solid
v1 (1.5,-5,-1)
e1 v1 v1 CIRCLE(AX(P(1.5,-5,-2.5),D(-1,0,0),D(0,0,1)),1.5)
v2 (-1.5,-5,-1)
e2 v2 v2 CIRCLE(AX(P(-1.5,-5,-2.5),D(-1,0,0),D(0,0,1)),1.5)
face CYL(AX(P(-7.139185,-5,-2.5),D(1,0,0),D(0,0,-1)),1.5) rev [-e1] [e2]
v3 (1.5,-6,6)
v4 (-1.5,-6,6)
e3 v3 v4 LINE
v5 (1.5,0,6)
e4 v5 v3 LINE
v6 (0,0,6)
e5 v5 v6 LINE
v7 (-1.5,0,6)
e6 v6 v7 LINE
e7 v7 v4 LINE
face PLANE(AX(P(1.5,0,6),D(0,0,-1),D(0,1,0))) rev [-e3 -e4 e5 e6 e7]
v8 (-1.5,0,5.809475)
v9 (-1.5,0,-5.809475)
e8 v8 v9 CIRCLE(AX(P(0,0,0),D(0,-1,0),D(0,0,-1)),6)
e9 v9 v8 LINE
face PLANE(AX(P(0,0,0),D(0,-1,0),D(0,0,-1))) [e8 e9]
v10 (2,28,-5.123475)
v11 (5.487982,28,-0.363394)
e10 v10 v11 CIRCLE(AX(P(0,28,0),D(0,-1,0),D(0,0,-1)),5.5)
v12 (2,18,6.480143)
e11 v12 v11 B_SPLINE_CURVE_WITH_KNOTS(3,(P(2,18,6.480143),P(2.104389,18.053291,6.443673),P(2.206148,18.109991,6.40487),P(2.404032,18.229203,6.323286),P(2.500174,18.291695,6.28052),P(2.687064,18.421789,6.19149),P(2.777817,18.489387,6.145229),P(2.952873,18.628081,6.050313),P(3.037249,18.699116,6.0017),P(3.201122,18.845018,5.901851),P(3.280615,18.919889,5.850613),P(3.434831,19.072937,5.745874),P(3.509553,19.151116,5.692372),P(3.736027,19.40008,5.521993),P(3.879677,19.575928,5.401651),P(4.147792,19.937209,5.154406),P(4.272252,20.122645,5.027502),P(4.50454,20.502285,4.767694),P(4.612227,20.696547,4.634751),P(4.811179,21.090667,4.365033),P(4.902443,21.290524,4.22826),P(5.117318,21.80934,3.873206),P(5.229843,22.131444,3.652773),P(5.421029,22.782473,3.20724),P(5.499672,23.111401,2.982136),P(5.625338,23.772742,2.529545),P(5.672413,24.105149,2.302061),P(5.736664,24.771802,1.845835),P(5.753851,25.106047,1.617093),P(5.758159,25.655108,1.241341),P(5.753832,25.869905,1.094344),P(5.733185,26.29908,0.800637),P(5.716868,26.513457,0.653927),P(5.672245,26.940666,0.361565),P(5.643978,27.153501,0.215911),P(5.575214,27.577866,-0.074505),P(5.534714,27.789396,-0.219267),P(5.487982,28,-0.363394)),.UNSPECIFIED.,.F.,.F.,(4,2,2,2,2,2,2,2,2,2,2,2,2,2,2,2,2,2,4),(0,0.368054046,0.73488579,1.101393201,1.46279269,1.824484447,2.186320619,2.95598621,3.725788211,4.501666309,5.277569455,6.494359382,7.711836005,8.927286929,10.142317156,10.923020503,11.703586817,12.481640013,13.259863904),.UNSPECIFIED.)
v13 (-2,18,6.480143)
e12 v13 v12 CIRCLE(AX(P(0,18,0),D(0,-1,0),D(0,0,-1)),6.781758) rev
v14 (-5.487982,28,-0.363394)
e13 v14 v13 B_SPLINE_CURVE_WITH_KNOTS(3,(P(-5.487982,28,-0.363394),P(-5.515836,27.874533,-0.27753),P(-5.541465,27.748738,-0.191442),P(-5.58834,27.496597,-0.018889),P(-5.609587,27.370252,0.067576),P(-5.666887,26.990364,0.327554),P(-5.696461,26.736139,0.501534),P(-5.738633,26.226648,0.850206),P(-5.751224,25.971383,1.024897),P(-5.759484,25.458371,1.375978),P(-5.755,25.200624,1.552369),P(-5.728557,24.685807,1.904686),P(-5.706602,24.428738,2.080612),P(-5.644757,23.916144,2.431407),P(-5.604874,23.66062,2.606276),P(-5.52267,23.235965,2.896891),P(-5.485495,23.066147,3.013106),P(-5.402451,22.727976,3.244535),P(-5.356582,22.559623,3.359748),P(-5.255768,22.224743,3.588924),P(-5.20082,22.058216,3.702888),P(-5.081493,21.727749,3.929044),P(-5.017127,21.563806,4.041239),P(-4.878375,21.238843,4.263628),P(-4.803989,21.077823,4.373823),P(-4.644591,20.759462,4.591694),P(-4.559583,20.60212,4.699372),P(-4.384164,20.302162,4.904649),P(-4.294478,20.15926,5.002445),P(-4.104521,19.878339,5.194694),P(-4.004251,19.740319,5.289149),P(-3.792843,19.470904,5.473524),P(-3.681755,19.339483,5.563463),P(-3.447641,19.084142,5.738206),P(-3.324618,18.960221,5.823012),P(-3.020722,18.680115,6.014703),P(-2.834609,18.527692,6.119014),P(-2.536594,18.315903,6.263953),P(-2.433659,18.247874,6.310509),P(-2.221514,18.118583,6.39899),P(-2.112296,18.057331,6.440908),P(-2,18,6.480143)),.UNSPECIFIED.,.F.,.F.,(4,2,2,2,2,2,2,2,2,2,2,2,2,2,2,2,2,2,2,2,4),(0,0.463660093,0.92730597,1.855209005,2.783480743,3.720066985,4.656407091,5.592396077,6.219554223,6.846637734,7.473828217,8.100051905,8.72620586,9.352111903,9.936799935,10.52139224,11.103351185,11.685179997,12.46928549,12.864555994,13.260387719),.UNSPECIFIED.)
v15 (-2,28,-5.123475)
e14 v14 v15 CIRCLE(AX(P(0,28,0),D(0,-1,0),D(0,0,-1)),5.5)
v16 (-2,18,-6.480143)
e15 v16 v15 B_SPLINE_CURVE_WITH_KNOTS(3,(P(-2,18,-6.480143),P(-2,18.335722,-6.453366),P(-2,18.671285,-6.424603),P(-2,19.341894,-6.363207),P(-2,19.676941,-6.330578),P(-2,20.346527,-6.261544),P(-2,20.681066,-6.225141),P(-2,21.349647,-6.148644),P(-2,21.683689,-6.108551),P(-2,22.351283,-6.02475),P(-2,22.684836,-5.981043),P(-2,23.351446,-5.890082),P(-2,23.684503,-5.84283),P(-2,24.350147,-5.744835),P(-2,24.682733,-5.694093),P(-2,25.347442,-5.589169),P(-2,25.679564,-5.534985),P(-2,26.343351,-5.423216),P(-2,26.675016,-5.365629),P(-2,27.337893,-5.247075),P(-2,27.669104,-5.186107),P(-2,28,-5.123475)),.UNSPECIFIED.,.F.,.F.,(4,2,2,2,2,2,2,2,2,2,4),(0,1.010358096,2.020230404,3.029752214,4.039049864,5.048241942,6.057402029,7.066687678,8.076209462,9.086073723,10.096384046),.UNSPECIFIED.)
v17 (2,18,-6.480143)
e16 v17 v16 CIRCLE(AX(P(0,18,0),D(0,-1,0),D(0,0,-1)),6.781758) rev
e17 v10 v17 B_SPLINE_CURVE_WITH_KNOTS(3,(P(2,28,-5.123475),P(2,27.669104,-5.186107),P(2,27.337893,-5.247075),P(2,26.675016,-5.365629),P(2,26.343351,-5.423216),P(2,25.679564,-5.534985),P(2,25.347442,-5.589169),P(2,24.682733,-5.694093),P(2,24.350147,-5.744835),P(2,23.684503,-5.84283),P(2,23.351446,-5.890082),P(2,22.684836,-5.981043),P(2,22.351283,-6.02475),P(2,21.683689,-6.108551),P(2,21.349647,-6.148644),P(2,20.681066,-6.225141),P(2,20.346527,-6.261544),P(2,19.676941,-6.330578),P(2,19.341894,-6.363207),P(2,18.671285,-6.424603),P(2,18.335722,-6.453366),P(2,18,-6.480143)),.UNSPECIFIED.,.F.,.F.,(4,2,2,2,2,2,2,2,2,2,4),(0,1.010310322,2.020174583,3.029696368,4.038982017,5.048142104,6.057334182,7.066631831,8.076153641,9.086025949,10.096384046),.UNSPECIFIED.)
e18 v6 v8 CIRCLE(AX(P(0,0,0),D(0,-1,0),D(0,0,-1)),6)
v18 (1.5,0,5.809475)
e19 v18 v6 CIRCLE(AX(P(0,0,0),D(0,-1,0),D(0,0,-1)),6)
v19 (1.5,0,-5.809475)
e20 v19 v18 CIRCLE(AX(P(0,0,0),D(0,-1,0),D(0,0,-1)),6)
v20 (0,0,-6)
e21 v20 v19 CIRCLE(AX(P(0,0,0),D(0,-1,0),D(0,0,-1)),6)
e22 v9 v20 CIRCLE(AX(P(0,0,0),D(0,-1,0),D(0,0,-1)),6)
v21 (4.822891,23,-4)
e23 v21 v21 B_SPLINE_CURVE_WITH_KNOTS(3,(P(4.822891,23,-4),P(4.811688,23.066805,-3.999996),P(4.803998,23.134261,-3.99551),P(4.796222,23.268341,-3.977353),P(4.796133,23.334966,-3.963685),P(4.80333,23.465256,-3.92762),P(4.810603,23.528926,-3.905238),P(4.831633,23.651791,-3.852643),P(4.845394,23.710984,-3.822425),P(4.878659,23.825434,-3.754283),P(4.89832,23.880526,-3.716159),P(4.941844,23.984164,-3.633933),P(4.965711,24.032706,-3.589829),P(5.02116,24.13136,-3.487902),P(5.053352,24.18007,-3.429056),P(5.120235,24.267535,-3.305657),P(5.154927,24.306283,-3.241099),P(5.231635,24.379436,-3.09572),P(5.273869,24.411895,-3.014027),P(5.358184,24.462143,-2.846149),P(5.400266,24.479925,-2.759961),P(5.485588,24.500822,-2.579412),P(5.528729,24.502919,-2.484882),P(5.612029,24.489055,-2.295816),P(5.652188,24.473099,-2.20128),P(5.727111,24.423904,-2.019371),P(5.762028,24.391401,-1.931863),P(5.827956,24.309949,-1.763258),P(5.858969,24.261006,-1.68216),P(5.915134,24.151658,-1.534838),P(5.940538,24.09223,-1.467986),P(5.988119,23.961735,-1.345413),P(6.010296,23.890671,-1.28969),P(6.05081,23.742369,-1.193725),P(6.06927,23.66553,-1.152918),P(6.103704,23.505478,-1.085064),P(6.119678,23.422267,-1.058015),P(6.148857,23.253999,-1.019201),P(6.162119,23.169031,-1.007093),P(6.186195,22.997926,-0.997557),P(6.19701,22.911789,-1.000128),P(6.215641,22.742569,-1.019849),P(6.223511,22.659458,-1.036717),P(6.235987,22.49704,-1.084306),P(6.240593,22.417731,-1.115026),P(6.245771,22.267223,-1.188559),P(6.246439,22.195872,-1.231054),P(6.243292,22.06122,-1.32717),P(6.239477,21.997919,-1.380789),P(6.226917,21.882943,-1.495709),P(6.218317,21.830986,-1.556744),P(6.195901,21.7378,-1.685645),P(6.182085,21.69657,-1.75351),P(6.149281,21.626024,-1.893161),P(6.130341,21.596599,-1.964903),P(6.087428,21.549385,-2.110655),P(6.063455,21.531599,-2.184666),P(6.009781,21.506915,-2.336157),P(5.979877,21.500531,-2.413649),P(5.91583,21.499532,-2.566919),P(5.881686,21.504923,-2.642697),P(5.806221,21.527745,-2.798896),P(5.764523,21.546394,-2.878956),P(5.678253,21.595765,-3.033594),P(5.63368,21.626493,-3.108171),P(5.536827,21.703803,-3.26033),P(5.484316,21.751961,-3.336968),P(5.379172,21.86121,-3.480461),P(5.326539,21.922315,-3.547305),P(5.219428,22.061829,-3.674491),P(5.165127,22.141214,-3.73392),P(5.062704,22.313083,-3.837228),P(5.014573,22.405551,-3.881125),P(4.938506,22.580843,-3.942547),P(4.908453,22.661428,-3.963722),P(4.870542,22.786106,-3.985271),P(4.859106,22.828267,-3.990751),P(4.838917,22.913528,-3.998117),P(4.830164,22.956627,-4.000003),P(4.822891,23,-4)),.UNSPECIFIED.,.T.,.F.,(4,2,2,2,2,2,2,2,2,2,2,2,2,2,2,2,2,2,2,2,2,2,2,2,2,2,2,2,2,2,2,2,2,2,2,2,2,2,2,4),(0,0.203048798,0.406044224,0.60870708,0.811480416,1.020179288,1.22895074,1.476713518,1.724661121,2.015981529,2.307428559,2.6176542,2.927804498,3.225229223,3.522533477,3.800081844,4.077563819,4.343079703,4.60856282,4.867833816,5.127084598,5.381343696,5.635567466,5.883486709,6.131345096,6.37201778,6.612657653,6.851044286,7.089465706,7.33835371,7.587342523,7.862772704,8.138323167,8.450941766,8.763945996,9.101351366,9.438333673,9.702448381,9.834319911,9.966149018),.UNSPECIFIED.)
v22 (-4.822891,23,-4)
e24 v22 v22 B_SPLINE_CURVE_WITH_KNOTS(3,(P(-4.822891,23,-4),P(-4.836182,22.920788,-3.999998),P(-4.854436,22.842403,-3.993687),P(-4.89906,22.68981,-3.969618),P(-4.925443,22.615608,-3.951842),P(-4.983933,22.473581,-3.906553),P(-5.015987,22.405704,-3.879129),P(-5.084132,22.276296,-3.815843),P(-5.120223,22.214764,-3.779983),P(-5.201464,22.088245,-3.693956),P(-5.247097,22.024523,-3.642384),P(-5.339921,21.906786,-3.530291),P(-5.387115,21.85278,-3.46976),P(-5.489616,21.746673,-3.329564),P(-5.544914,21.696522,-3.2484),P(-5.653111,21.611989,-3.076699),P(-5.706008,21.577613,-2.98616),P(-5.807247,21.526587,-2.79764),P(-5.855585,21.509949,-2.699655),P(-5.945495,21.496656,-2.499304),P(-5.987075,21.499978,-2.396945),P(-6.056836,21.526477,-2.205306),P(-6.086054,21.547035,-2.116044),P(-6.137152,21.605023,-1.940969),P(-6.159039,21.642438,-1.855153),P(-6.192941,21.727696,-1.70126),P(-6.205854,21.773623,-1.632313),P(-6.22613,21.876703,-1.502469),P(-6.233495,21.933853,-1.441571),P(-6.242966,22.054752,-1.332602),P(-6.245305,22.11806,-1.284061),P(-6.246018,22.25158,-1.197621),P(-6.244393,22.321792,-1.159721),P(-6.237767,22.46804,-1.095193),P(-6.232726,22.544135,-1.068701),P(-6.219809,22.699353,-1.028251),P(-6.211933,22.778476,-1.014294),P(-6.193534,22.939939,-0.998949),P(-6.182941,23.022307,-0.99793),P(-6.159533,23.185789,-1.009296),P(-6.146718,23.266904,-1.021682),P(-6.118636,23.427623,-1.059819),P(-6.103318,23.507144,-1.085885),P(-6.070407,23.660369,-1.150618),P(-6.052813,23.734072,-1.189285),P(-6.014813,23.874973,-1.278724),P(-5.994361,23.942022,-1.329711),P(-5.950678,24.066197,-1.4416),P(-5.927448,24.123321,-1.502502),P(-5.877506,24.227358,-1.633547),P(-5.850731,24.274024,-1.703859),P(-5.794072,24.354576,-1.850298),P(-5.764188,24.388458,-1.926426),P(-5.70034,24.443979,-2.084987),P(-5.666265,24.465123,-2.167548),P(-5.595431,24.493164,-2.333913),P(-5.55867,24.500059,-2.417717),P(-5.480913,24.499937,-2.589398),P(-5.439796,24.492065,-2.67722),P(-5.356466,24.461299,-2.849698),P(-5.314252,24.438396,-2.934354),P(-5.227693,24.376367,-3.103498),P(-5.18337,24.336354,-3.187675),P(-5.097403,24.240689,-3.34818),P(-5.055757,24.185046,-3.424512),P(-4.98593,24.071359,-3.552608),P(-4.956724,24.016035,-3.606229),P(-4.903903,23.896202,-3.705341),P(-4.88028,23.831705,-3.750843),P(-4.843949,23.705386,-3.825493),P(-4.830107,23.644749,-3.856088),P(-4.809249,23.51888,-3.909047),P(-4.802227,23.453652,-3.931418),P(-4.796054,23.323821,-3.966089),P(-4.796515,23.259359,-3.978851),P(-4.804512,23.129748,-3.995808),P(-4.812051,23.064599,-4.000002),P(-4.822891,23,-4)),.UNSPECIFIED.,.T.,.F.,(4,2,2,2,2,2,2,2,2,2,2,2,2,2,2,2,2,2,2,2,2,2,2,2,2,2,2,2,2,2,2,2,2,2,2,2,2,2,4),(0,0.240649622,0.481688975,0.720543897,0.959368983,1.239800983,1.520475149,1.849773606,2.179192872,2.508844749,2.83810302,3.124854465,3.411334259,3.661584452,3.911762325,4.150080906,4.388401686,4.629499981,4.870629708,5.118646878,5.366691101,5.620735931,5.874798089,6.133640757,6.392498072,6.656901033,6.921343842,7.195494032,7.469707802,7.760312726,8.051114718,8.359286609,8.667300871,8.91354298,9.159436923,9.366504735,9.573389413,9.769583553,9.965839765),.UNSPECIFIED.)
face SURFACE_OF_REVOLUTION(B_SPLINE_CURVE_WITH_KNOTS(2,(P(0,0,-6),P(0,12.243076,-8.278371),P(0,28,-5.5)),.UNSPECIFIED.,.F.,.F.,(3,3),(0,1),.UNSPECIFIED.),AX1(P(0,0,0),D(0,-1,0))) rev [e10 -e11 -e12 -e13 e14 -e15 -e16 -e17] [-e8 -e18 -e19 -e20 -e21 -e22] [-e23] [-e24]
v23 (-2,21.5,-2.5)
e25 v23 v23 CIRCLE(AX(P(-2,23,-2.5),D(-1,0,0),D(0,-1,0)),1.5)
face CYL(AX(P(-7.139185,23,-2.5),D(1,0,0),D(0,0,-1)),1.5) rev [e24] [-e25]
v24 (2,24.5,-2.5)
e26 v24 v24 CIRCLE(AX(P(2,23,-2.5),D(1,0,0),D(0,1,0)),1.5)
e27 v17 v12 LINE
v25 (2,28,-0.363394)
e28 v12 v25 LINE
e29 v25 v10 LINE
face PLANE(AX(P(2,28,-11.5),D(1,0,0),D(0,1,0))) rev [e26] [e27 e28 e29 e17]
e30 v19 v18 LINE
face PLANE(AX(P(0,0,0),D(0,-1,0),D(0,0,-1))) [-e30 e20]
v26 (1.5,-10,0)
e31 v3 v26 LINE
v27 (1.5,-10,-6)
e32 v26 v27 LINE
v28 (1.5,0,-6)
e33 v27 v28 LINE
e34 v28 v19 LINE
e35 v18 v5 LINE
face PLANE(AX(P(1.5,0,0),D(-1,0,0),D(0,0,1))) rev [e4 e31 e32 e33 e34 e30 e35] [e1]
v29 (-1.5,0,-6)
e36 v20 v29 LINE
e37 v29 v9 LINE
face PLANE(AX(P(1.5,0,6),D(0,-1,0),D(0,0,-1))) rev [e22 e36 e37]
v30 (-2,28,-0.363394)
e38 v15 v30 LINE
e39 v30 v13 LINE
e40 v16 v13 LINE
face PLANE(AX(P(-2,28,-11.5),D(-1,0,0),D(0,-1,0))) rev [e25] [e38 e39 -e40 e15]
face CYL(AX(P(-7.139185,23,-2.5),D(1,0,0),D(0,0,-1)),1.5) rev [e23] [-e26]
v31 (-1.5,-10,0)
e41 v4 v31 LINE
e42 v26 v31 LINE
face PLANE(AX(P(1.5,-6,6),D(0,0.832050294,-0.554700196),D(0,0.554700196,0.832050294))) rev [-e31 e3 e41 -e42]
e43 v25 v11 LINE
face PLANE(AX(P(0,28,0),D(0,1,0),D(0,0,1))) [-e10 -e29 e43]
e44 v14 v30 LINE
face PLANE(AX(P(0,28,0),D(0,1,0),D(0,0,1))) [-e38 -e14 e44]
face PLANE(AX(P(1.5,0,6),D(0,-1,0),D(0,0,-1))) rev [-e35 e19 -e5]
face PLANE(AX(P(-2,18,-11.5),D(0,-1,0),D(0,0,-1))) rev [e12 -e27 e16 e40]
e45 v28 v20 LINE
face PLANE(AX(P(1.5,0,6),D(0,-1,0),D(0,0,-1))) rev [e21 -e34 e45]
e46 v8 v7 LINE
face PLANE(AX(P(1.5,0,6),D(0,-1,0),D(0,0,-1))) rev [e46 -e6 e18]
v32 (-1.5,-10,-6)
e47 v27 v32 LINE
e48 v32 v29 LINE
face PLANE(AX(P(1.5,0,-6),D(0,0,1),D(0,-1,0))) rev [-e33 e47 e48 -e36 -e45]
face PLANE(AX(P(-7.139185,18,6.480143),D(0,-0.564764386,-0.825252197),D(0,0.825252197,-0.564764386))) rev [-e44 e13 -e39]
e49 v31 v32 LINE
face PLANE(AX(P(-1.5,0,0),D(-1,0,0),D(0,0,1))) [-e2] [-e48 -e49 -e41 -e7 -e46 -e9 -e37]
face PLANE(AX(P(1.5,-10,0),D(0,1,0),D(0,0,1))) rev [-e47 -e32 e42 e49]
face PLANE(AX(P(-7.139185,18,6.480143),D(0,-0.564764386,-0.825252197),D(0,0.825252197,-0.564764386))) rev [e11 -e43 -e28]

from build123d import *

# Parameters (mm, degrees)
SKETCH3_W               = 4
SKETCH3_H               = 10
CUT_EXTRUDE2_DEPTH      = 11.5
CUT_EXTRUDE3_DEPTH      = 30.711019541
CUT_EXTRUDE3_DEPTH_BACK = 30.711019541
BOSS_EXTRUDE1_DEPTH     = 1.5
CUT_EXTRUDE4_DEPTH      = 30.711019541
CUT_EXTRUDE4_DEPTH_BACK = 30.711019541
SKETCH5_R               = 1.5


with BuildPart() as part:
    # Sketch1 → Revolve1 (revolve)
    with BuildSketch(Plane(origin=(0, 0, 0), x_dir=(0, 0, -1), z_dir=(1, 0, 0))):
        with BuildLine():
            Line((0, 0), (0, 28))
            Line((0, 28), (5.5, 28))
            add(Edge.make_bspline(
                [(5.5, 28), (8.278370843, 12.243075952), (6, 0)],
                knots=[0, 0, 0, 1, 1, 1], degree=2))
            Line((6, 0), (0, 0))
        make_face()
    revolve(axis=Axis((0, 0, 0), (0, 1, 0)))

    # Sketch3 → Cut-Extrude2 (cut, symmetric)
    with BuildSketch(Plane.XY):
        with Locations((0, 23)):
            Rectangle(SKETCH3_W, SKETCH3_H)
    extrude(amount=CUT_EXTRUDE2_DEPTH, both=True, mode=Mode.SUBTRACT)

    # Sketch4 → Cut-Extrude3 (cut, two sides: drawn at the far end of the back side and taken through both)
    with BuildSketch(Plane(origin=(0, 0, 0), x_dir=(0, 0, -1), z_dir=(1, 0, 0)).offset(-CUT_EXTRUDE3_DEPTH_BACK)):
        Polygon((-6.781758395, 28), (-6.480142509, 18), (0.363394388, 28), align=None)
    extrude(amount=CUT_EXTRUDE3_DEPTH + CUT_EXTRUDE3_DEPTH_BACK, mode=Mode.SUBTRACT)

    # Sketch6 → Boss-Extrude1 (add, symmetric)
    with BuildSketch(Plane(origin=(0, 0, 0), x_dir=(0, 0, -1), z_dir=(1, 0, 0))):
        Polygon((-6, 0), (-6, -6), (0, -10), (6, -10), (6, 0), align=None)
    extrude(amount=BOSS_EXTRUDE1_DEPTH, both=True)

    # Sketch5 → Cut-Extrude4 (cut, two sides: drawn at the far end of the back side and taken through both)
    with BuildSketch(Plane(origin=(0, 0, 0), x_dir=(0, 0, -1), z_dir=(1, 0, 0)).offset(-CUT_EXTRUDE4_DEPTH_BACK)):
        with Locations((2.5, 23)):
            Circle(SKETCH5_R)
        with Locations(Location((2.5, -5, 0), (0, 0, 180))):
            Circle(SKETCH5_R)
    extrude(amount=CUT_EXTRUDE4_DEPTH + CUT_EXTRUDE4_DEPTH_BACK, mode=Mode.SUBTRACT)


solid = part.part
